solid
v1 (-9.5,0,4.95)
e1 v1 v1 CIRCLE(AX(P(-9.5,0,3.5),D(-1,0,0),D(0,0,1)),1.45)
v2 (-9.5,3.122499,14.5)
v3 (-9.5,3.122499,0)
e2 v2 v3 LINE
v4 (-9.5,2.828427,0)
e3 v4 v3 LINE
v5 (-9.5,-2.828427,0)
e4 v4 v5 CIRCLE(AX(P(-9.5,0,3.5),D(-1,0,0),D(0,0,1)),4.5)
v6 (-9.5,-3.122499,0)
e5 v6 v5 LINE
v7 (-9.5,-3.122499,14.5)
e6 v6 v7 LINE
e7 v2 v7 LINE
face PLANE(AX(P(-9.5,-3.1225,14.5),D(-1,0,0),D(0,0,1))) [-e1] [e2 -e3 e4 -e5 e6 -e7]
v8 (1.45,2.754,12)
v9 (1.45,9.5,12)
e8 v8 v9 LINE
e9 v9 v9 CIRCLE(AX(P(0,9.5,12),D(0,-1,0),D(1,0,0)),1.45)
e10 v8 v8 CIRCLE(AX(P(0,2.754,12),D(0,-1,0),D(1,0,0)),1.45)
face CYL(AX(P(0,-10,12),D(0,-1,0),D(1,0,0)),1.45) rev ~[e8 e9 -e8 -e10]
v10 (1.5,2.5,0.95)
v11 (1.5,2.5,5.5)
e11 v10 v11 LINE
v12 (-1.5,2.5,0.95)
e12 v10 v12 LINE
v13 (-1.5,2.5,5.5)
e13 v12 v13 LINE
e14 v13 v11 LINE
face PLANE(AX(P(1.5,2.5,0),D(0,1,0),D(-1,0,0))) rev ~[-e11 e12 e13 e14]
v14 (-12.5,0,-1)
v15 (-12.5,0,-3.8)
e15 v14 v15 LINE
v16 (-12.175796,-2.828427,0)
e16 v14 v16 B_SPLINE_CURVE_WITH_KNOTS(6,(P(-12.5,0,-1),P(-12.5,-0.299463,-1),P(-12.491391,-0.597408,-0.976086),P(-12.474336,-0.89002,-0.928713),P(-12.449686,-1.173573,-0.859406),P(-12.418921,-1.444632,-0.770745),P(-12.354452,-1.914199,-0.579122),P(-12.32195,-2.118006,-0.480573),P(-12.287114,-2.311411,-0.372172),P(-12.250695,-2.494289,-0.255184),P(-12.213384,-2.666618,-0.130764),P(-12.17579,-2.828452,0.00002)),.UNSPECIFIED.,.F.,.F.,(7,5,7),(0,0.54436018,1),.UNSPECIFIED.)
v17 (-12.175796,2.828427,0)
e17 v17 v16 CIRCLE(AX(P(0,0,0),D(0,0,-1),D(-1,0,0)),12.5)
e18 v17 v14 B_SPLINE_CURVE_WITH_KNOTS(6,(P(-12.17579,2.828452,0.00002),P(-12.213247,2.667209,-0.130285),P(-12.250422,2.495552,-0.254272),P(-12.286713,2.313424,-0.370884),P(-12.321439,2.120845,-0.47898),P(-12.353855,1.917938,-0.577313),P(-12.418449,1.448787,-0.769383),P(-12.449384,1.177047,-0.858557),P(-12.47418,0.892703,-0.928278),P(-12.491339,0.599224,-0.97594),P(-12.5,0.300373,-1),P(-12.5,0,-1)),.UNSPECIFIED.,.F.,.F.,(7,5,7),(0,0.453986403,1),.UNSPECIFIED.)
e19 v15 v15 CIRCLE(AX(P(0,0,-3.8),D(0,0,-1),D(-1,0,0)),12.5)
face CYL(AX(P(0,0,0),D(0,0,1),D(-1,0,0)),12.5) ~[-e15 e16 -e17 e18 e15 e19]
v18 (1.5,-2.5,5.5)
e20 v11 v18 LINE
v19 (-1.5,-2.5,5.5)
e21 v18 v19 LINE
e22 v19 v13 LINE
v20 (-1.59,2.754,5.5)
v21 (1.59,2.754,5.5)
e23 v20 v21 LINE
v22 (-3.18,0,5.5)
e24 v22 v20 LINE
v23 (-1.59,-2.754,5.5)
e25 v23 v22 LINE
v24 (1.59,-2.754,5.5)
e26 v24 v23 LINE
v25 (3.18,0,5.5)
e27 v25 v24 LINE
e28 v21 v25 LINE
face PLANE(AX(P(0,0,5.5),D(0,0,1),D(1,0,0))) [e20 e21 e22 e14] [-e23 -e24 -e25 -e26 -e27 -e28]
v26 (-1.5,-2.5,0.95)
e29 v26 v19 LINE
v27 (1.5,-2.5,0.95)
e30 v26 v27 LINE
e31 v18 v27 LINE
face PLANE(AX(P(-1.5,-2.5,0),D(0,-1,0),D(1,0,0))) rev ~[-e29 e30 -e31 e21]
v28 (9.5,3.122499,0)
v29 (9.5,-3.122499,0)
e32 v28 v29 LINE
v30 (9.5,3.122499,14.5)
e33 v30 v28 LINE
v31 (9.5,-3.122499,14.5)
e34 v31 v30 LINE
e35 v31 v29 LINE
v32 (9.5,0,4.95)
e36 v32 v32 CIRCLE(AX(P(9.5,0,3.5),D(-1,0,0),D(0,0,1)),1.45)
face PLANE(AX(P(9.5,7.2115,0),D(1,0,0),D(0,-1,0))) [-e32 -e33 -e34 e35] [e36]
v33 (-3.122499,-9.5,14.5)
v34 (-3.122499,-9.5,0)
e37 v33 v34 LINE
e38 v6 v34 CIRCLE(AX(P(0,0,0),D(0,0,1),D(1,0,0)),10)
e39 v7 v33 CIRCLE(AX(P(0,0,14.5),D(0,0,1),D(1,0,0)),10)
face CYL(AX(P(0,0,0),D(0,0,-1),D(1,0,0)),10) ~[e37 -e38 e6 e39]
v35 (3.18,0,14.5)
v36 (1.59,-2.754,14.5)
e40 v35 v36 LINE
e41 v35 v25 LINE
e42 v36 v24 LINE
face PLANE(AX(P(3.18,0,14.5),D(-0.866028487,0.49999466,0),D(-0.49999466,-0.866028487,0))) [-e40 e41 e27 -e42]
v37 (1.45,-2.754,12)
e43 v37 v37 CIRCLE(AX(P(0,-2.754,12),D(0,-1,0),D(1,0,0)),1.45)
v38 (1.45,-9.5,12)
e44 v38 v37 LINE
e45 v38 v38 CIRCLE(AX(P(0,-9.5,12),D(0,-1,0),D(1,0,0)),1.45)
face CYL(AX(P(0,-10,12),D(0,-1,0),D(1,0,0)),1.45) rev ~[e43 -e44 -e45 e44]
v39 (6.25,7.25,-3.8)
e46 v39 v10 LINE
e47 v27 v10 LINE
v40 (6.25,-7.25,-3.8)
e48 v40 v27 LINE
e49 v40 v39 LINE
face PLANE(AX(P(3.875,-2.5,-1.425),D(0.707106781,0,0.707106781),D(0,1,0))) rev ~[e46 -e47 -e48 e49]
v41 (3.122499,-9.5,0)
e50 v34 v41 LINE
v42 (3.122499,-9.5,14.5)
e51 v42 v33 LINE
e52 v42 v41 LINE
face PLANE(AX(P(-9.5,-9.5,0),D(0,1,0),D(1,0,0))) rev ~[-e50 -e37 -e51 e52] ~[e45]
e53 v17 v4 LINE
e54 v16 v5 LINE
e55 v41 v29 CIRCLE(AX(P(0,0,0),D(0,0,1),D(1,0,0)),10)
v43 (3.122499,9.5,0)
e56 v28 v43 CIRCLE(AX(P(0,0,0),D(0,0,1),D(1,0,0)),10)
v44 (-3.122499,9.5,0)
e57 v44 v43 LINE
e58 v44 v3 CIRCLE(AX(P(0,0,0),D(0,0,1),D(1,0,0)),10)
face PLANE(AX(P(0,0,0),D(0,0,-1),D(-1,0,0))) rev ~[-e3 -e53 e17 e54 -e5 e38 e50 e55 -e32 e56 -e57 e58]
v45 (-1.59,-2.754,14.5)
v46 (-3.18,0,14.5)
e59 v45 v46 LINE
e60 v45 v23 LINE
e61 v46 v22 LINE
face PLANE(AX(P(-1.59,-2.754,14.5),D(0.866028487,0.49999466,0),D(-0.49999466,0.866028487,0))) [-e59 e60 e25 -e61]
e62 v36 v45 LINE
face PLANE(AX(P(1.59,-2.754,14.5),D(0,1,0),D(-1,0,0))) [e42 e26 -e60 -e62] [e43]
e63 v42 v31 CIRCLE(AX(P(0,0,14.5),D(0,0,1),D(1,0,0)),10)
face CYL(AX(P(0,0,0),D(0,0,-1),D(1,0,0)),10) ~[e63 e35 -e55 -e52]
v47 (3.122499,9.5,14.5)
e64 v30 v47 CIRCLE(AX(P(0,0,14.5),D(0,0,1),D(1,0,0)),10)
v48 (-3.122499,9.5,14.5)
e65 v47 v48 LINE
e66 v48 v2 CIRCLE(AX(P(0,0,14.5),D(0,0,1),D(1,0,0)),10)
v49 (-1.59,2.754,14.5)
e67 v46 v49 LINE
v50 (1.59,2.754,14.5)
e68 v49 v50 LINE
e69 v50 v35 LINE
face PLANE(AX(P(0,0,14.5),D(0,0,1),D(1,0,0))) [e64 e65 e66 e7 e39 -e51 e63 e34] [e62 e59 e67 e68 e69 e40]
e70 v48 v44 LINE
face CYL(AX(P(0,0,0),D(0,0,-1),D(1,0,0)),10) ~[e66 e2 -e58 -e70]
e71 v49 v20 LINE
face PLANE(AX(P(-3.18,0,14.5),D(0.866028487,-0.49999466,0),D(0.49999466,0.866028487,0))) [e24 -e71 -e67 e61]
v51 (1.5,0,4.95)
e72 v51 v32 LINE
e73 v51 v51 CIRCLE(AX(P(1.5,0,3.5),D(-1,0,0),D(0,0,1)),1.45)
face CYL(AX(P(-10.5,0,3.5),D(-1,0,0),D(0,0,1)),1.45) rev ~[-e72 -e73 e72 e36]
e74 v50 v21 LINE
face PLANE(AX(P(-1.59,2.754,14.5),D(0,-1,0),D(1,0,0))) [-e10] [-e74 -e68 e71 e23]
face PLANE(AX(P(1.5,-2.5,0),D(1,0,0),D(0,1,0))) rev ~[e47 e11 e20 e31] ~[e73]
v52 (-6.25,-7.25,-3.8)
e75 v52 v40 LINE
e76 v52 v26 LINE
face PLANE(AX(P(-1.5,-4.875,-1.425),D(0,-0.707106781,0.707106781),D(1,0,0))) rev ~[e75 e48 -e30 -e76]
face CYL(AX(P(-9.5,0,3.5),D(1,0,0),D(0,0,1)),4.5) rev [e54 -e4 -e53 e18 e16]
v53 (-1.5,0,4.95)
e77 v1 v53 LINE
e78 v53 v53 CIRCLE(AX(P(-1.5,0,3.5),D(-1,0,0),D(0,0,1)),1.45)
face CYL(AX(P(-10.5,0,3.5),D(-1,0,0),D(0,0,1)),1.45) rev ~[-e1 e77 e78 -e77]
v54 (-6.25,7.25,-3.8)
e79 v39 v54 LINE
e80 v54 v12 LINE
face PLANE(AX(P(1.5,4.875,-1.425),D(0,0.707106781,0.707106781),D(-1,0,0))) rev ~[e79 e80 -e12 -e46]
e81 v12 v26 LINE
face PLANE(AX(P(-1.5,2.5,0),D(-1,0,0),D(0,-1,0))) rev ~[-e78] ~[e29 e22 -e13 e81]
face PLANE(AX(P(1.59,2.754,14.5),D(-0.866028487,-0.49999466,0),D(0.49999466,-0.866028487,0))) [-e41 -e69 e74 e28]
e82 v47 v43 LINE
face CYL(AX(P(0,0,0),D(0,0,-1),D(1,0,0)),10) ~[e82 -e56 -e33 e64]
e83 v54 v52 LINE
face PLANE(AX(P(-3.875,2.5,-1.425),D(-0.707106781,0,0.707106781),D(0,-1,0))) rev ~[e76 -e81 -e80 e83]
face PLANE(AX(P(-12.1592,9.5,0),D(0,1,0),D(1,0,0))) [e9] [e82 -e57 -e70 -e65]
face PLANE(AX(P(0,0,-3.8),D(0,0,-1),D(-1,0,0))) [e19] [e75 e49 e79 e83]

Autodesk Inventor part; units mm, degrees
ref_plane "YZ Plane" through (0, 0, 0) normal (1, 0, 0) x (0, 1, 0)
ref_plane "XZ Plane" through (0, 0, 0) normal (0, 1, 0) x (-1, 0, 0)
ref_plane "XY Plane" through (0, 0, 0) normal (0, 0, 1) x (1, 0, 0)
sketch "Sketch1" plane through (0, 0, 0) normal (0, 0, 1) x (1, 0, 0)
  circle A0 centre (0, 0) radius 10
  dimension "d0" = 20
extrude "Extrusion1" add sketch "Sketch1" along normal blind 14.5
sketch "Sketch2" plane through (0, 0, 0) normal (0, 0, -1) x (-1, 0, 0)
  line L0 (-1.5, -2.5) -> (1.5, -2.5)
  line L1 (1.5, -2.5) -> (1.5, 2.5)
  line L2 (1.5, 2.5) -> (-1.5, 2.5)
  line L3 (-1.5, 2.5) -> (-1.5, -2.5)
  point P0 (0, 0)
  dimension "d3" = 3
  dimension "d4" = 5
  dimension "d5" = 2.5
  dimension "d6" = 1.5
extrude "Extrusion2" cut sketch "Sketch2" against normal blind 10
sketch "Sketch4" plane through (0, 0, 0) normal (0, 0, -1) x (-1, 0, 0)
  circle A0 centre (0, 0) radius 4.5
  dimension "d12" = 9
extrude "Extrusion4" [suppressed]
sketch "Sketch10" plane through (0, 0, 14.5) normal (0, 0, 1) x (1, 0, 0)
  line L0 (1.59, 2.754) -> (3.18, 0)
  line L1 (3.18, 0) -> (1.59, -2.754)
  line L2 (1.59, -2.754) -> (-1.59, -2.754)
  line L3 (-1.59, -2.754) -> (-3.18, 0)
  line L4 (-3.18, 0) -> (-1.59, 2.754)
  line L5 (-1.59, 2.754) -> (1.59, 2.754)
  point P0 (0, 0)
  point P1 (0, 0)
  dimension "d63" = 3.18
extrude "Extrusion7" cut sketch "Sketch10" against normal blind 9
ref_plane "Work Plane3" through (0, -10, 0) normal (0, -1, 0) x (1, 0, 0)
sketch "Sketch11" plane through (0, -10, 0) normal (0, -1, 0) x (1, 0, 0)
  circle A0 centre (0, 12) radius 1.45
  line L0 (10, 14.5) -> (-10, 14.5) projected
  point P0 (0, 0)
  dimension "d66" = 2.9
  dimension "d128" = 2.5
extrude "Extrusion8" cut sketch "Sketch11" against normal through all
ref_plane "Work Plane4" through (-10.5, -2.5, 0) normal (-1, 0, 0) x (0, 0, 1)
sketch "Sketch12" plane through (-10.5, -2.5, 0) normal (-1, 0, 0) x (0, 0, 1)
  circle A0 centre (3.5, 2.5) radius 1.45
  line L0 (0, 0) -> (5.5, 0) projected
  point P0 (0, 2.5)
  dimension "d71" = 2.9
  dimension "d74" = 3.5
  dimension "d124" = 2.5
extrude "Extrusion9" cut sketch "Sketch12" against normal blind 22
sketch "Sketch16" plane through (0, 0, 0) normal (0, 0, -1) x (-1, 0, 0)
  line L0 (-13.5, 7.2115) -> (-9.5, 7.2115)
  line L1 (-9.5, 7.2115) -> (-9.5, -8.6118)
  line L2 (-9.5, -8.6118) -> (-13.5, -8.6118)
  line L3 (-13.5, -8.6118) -> (-13.5, 7.2115)
  line L4 (9.5, 9.312) -> (14.5, 9.312)
  line L5 (14.5, 9.312) -> (14.5, -11.179)
  line L6 (14.5, -11.179) -> (9.5, -11.179)
  line L7 (9.5, -11.179) -> (9.5, 9.312)
  line L8 (-14.4464, 13.5) -> (12.1592, 13.5)
  line L9 (12.1592, 13.5) -> (12.1592, 9.5)
  line L10 (12.1592, 9.5) -> (-14.4464, 9.5)
  line L11 (-14.4464, 9.5) -> (-14.4464, 13.5)
  line L12 (-12.7193, -13.5) -> (12.1592, -13.5)
  line L13 (12.1592, -13.5) -> (12.1592, -9.5)
  line L14 (12.1592, -9.5) -> (-12.7193, -9.5)
  line L15 (-12.7193, -9.5) -> (-12.7193, -13.5)
  line L16 (1.5, -2.5) -> (-1.5, -2.5) projected
  line L17 (-1.5, -2.5) -> (-1.5, 2.5) projected
  line L18 (-1.5, 2.5) -> (1.5, 2.5) projected
  line L19 (1.5, 2.5) -> (1.5, -2.5) projected
  point P0 (-12.5, -8.5)
  point P1 (11.5, -8.5)
  point P2 (11.5, 8.5)
  point P3 (8.5, 8.5)
  point P4 (9.5, -9.5)
  point P5 (-8.5, -8.5)
  point P6 (12.1592, 9.312)
  point P7 (12.1592, -11.179)
  dimension "d104" = 4
  dimension "d105" = 7
  dimension "d106" = 8
  dimension "d107" = 7
  dimension "d108" = 8
  dimension "d109" = 5
  dimension "d110" = 4
  dimension "d111" = 4
extrude "Extrusion13" cut sketch "Sketch16" against normal through all contours L0 L1 L2 L3 | L4 L5 L6 L13 L14 L7 | L14 L13 L6 L7 | L7 L6 L13 L12 L15 L14 | L8 L9 L10 L11
sketch "Sketch18" plane through (0, 0, 0) normal (0, 0, -1) x (-1, 0, 0)
  circle A0 centre (0, 0) radius 12.5
  line L0 (-1.5, -2.5) -> (-1.5, 2.5) projected
  line L1 (1.5, 2.5) -> (1.5, -2.5) projected
  line L2 (-1.5, 2.5) -> (1.5, 2.5)
  line L3 (1.5, 2.5) -> (1.5, -2.5)
  line L4 (1.5, -2.5) -> (-1.5, -2.5)
  line L5 (-1.5, -2.5) -> (-1.5, 2.5)
  dimension "d118" = 25
extrude "Extrusion15" add sketch "Sketch18" along normal blind 3.8
chamfer "Chamfer1" distance 4.75 angle 45 4 edges at (1.5, 0, -3.8) (0, 2.5, -3.8) (0, -2.5, -3.8) (-1.5, 0, -3.8)
sketch "Sketch19" plane through (-9.5, -3.1225, 14.5) normal (-1, 0, 0) x (0, 0, 1)
  circle A0 centre (-11, 3.1225) radius 1.45 projected
  circle A1 centre (-11, 3.1225) radius 4.5
  point P0 (-14.5, 3.1225)
  dimension "d125" = 9
extrude "Extrusion16" cut sketch "Sketch19" along normal blind 5 contours A0 | A1
equation "\"d5\" = 0.5 * d4"
equation "\"d6\" = 0.5 * d3"
equation "\"d107\" = d105"
equation "\"d108\" = d106"
properties part number "3mm_shaft_couple_sideclip_v3"
